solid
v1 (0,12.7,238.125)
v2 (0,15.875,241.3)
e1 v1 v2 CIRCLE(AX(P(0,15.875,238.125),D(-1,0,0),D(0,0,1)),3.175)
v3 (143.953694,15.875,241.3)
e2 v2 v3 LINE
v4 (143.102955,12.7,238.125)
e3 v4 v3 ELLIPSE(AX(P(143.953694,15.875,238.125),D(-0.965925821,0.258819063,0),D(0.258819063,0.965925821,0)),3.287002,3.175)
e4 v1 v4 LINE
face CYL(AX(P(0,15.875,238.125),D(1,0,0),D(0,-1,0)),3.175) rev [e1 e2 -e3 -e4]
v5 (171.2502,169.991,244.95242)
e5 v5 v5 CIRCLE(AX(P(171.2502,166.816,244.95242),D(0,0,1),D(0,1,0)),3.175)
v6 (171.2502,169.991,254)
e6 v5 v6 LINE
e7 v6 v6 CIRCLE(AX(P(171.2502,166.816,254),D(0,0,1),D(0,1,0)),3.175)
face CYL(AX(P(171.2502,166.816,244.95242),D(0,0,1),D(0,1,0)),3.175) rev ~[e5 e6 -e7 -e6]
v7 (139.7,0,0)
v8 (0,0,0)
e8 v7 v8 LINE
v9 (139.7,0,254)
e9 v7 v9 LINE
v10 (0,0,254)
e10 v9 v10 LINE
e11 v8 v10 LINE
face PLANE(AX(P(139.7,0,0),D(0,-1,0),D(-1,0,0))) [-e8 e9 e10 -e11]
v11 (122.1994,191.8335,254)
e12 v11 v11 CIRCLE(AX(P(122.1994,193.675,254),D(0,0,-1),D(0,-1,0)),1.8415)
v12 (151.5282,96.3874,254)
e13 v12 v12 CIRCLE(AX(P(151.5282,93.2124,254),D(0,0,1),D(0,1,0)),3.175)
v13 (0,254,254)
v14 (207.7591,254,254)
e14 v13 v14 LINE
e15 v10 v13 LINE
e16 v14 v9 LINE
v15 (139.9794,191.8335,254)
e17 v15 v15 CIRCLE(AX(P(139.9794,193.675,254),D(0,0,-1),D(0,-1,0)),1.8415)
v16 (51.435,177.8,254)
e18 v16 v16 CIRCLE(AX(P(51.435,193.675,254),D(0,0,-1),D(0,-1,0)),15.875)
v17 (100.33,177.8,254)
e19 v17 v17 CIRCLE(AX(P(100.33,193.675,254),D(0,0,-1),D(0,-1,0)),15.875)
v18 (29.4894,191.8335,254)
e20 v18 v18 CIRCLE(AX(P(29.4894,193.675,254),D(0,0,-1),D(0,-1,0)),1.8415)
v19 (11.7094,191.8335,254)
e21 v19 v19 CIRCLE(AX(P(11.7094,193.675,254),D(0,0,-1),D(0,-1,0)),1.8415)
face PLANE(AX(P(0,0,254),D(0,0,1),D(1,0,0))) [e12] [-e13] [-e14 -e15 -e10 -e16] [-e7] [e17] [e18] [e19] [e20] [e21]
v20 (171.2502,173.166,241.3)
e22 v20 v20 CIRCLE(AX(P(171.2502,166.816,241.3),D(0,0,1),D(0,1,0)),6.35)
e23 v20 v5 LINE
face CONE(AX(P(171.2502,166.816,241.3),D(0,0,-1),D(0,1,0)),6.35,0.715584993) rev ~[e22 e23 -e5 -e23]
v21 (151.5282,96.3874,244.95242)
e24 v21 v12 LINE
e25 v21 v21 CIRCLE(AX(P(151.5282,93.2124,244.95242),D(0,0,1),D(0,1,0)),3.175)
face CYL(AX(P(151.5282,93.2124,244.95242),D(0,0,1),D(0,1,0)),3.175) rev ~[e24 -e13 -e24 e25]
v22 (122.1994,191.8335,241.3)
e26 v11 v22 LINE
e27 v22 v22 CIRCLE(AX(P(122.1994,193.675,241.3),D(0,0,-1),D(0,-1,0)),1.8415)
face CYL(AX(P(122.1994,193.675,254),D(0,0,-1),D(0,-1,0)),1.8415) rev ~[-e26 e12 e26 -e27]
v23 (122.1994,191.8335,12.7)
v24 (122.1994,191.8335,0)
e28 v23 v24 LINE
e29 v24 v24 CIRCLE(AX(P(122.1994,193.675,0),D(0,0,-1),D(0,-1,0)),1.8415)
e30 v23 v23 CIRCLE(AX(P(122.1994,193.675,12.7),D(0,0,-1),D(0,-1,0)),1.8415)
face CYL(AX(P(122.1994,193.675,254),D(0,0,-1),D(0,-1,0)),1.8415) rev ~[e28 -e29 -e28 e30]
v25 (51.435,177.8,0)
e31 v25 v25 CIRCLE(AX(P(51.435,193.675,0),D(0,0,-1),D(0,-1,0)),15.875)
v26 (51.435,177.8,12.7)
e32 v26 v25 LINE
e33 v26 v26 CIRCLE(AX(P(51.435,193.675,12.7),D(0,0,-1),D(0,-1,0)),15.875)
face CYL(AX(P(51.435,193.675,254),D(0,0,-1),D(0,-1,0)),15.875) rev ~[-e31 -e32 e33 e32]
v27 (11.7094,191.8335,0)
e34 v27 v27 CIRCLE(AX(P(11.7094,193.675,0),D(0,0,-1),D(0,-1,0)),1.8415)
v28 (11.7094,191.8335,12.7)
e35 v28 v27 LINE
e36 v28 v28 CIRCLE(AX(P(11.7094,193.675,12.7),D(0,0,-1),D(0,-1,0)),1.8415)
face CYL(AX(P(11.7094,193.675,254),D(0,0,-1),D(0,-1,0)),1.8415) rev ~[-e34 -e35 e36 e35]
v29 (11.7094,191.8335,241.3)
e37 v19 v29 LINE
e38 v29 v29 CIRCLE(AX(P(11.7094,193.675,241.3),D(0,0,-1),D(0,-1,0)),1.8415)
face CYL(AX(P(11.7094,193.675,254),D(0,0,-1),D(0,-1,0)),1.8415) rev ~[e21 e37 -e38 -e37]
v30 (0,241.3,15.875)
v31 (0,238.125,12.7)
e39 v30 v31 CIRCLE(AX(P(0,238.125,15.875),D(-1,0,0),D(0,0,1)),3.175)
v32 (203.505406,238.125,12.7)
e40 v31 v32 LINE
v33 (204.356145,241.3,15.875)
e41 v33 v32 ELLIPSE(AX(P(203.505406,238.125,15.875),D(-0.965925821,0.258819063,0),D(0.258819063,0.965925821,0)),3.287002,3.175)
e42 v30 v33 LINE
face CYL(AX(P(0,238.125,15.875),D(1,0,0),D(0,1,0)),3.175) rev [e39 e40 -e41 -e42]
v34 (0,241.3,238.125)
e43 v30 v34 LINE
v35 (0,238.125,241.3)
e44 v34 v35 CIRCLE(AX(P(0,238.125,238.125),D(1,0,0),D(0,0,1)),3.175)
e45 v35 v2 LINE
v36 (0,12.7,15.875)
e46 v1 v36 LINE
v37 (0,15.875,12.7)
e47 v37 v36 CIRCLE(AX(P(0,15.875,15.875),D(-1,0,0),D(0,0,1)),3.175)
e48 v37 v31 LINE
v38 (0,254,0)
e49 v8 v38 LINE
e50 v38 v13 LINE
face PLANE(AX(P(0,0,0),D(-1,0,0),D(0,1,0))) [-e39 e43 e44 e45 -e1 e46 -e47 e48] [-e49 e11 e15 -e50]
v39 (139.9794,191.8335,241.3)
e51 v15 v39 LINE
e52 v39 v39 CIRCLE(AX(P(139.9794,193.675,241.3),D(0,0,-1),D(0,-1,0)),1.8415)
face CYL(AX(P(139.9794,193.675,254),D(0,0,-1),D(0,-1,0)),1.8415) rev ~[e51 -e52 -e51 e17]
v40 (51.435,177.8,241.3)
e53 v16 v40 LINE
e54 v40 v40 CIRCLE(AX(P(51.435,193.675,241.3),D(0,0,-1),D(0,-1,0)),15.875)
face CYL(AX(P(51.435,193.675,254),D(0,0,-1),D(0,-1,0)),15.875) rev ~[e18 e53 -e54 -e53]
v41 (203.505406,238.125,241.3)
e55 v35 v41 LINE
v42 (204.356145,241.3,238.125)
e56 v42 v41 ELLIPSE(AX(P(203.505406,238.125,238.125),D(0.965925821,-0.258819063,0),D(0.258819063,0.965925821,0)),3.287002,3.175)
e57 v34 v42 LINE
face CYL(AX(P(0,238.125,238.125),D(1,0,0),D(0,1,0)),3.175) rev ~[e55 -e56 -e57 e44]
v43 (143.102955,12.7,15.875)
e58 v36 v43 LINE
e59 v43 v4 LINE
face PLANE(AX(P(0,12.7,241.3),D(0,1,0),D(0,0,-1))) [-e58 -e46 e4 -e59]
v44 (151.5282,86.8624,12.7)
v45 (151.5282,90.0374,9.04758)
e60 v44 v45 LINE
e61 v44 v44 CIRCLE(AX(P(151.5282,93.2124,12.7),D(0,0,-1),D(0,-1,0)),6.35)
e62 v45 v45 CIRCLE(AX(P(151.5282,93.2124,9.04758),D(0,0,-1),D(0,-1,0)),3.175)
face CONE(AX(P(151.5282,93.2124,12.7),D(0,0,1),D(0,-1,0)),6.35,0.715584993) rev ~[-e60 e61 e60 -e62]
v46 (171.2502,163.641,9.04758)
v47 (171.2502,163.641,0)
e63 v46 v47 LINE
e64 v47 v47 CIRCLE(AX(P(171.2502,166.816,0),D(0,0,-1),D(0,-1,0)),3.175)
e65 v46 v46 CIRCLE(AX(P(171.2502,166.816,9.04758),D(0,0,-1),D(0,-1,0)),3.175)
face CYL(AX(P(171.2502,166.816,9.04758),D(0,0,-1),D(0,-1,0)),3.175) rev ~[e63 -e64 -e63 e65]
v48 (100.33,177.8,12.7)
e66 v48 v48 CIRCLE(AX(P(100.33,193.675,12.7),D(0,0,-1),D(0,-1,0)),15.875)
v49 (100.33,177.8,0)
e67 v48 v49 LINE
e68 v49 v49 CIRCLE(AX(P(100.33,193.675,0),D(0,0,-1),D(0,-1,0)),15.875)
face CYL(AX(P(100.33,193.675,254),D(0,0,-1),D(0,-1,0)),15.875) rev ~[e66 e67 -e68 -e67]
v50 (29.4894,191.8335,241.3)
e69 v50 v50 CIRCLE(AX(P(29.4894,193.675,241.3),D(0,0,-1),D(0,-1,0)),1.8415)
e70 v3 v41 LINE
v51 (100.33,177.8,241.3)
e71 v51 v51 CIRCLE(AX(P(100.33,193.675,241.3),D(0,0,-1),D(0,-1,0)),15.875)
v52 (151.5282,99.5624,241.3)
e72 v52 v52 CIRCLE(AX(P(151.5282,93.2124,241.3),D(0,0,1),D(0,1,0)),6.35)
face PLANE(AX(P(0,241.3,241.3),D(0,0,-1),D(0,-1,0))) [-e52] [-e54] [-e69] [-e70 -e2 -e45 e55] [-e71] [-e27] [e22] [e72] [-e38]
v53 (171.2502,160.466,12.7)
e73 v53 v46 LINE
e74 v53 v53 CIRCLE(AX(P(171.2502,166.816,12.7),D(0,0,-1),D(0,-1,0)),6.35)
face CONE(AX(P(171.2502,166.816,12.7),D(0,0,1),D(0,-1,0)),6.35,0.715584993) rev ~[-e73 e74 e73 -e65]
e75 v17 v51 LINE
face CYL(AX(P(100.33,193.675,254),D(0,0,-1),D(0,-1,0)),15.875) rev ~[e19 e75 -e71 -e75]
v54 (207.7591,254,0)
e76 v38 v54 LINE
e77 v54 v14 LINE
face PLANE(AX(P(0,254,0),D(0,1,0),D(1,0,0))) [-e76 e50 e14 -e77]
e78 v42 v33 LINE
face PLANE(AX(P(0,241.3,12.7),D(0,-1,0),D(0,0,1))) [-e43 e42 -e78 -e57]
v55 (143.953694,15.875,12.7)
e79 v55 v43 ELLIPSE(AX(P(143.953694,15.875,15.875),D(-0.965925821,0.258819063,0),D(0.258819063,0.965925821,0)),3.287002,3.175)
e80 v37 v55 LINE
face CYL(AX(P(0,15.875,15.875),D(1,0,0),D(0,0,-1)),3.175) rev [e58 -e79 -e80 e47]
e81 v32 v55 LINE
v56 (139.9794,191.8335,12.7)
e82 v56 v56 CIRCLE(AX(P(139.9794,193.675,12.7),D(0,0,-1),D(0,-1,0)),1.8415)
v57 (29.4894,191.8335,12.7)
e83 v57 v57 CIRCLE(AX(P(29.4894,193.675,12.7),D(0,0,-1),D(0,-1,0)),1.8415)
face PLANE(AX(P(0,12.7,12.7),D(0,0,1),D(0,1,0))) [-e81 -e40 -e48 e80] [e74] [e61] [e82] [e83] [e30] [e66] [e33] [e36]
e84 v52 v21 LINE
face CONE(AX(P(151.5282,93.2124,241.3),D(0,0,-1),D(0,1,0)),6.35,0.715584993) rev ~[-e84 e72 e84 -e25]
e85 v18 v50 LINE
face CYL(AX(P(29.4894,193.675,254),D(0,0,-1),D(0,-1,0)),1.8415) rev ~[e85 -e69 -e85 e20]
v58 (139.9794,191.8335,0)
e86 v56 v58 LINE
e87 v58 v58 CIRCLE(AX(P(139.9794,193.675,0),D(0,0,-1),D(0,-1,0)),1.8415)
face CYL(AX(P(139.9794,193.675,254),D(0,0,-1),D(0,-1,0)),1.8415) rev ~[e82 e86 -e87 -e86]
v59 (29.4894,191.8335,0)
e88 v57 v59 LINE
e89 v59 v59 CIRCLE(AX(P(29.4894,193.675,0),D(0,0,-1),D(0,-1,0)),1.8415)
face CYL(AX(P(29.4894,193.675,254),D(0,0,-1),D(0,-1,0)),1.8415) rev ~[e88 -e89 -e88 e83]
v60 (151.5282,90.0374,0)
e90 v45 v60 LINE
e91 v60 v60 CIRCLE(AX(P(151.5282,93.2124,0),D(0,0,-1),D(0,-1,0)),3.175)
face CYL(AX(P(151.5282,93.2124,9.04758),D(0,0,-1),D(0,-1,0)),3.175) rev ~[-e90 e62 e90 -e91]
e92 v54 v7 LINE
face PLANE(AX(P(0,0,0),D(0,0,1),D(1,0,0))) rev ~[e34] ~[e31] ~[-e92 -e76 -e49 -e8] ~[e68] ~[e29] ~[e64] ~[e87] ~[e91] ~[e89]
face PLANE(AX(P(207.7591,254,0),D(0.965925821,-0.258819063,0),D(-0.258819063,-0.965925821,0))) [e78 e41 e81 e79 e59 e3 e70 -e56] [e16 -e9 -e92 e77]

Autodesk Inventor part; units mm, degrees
ref_plane "YZ Plane" through (0, 0, 0) normal (1, 0, 0) x (0, 1, 0)
ref_plane "XZ Plane" through (0, 0, 0) normal (0, 1, 0) x (-1, 0, 0)
ref_plane "XY Plane" through (0, 0, 0) normal (0, 0, 1) x (1, 0, 0)
sketch "Sketch1" plane through (0, 0, 0) normal (0, 0, 1) x (1, 0, 0)
  line L0 (0, 0) -> (0, 254)
  line L1 (0, 254) -> (207.7591, 254)
  line L2 (207.7591, 254) -> (139.7, 0)
  line L3 (139.7, 0) -> (0, 0)
  dimension "d0" = 254
  dimension "d2" = 139.7
  dimension "d24" = 75
extrude "Extrusion1" add sketch "Sketch1" along normal blind 254
sketch "Sketch2" plane through (0, 0, 0) normal (-1, 0, 0) x (0, 0, 1)
  line L0 (254, 0) -> (254, 254) projected
  line L1 (0, 254) -> (254, 254) projected
  line L2 (0, 0) -> (0, 254) projected
  line L3 (0, 0) -> (254, 0) projected
  line L4 (241.3, 241.3) -> (241.3, 12.7)
  line L5 (241.3, 12.7) -> (12.7, 12.7)
  line L6 (12.7, 12.7) -> (12.7, 241.3)
  line L7 (12.7, 241.3) -> (241.3, 241.3)
  dimension "d5" = 12.7
extrude "Extrusion2" cut sketch "Sketch2" against normal blind 209.55 contours L4 L5 L6 L7
sketch "Sketch6" plane through (0, 12.7, 241.3) normal (0, 0, -1) x (-1, 0, 0)
  line L0 (-143.103, 0) -> (-204.3561, 228.6) projected
  line L1 (0, 241.3) -> (-207.7591, 241.3) projected
  line L2 (-207.7591, 241.3) -> (-191.6487, 245.6168)
  point P0 (0, -12.7)
  point P1 (-139.7, -12.7)
  point P2 (-171.2502, 154.116)
  point P3 (-151.5282, 80.5124)
  point P4 (-203.2, 224.2852)
  dimension "d73" = 93.6625
  dimension "d74" = 169.8625
  dimension "d75" = 12.7
  dimension "d76" = 12.7
sketch "Sketch7" plane through (0, 12.7, 12.7) normal (0, 0, 1) x (1, 0, 0)
  point P0 (0, -12.7)
  point P1 (171.2502, 154.116)
  point P2 (151.5282, 80.5124)
hole "Hole1" at (51.435, 193.675, 254) direction (0, 0, -1) diameter 31.75 end through all
hole "Hole2" at (171.2502, 166.816, 12.7) direction (0, 0, -1) diameter 6.35 depth 25.4 tip angle 118 countersink diameter 12.7 countersink angle 82
hole "Hole3" at (151.5282, 93.2124, 12.7) direction (0, 0, -1) diameter 6.35 depth 25.4 tip angle 118 countersink diameter 12.7 countersink angle 82
hole "Hole4" at (171.2502, 166.816, 241.3) direction (0, 0, 1) diameter 6.35 depth 25.4 tip angle 118 countersink diameter 12.7 countersink angle 82
hole "Hole5" at (151.5282, 93.2124, 241.3) direction (0, 0, 1) diameter 6.35 depth 25.4 tip angle 118 countersink diameter 12.7 countersink angle 82
fillet "Fillet1" radius 3.175 4 edges at (102.1781, 241.3, 12.7) (102.1781, 241.3, 241.3) (71.5515, 12.7, 241.3) (71.5515, 12.7, 12.7)
pattern_linear "Rectangular Pattern2" count 2 spacing 48.895 along (1, 0, 0) of "Hole1"
hole "Hole6" at (29.4894, 193.675, 254) direction (0, 0, -1) diameter 3.683 end through all thread size "10-24 UNC" class "2B" standard "ANSI Unified Screw Threads"
pattern_linear "Rectangular Pattern3" count 2 spacing 17.78 along (-1, 0, 0) of "Hole6"
pattern_linear "Rectangular Pattern4" count 2 spacing 110.49 along (1, 0, 0) of "Hole6", "Rectangular Pattern3"
equation "\"d76\" = d75"
properties part number "GE-12059"
